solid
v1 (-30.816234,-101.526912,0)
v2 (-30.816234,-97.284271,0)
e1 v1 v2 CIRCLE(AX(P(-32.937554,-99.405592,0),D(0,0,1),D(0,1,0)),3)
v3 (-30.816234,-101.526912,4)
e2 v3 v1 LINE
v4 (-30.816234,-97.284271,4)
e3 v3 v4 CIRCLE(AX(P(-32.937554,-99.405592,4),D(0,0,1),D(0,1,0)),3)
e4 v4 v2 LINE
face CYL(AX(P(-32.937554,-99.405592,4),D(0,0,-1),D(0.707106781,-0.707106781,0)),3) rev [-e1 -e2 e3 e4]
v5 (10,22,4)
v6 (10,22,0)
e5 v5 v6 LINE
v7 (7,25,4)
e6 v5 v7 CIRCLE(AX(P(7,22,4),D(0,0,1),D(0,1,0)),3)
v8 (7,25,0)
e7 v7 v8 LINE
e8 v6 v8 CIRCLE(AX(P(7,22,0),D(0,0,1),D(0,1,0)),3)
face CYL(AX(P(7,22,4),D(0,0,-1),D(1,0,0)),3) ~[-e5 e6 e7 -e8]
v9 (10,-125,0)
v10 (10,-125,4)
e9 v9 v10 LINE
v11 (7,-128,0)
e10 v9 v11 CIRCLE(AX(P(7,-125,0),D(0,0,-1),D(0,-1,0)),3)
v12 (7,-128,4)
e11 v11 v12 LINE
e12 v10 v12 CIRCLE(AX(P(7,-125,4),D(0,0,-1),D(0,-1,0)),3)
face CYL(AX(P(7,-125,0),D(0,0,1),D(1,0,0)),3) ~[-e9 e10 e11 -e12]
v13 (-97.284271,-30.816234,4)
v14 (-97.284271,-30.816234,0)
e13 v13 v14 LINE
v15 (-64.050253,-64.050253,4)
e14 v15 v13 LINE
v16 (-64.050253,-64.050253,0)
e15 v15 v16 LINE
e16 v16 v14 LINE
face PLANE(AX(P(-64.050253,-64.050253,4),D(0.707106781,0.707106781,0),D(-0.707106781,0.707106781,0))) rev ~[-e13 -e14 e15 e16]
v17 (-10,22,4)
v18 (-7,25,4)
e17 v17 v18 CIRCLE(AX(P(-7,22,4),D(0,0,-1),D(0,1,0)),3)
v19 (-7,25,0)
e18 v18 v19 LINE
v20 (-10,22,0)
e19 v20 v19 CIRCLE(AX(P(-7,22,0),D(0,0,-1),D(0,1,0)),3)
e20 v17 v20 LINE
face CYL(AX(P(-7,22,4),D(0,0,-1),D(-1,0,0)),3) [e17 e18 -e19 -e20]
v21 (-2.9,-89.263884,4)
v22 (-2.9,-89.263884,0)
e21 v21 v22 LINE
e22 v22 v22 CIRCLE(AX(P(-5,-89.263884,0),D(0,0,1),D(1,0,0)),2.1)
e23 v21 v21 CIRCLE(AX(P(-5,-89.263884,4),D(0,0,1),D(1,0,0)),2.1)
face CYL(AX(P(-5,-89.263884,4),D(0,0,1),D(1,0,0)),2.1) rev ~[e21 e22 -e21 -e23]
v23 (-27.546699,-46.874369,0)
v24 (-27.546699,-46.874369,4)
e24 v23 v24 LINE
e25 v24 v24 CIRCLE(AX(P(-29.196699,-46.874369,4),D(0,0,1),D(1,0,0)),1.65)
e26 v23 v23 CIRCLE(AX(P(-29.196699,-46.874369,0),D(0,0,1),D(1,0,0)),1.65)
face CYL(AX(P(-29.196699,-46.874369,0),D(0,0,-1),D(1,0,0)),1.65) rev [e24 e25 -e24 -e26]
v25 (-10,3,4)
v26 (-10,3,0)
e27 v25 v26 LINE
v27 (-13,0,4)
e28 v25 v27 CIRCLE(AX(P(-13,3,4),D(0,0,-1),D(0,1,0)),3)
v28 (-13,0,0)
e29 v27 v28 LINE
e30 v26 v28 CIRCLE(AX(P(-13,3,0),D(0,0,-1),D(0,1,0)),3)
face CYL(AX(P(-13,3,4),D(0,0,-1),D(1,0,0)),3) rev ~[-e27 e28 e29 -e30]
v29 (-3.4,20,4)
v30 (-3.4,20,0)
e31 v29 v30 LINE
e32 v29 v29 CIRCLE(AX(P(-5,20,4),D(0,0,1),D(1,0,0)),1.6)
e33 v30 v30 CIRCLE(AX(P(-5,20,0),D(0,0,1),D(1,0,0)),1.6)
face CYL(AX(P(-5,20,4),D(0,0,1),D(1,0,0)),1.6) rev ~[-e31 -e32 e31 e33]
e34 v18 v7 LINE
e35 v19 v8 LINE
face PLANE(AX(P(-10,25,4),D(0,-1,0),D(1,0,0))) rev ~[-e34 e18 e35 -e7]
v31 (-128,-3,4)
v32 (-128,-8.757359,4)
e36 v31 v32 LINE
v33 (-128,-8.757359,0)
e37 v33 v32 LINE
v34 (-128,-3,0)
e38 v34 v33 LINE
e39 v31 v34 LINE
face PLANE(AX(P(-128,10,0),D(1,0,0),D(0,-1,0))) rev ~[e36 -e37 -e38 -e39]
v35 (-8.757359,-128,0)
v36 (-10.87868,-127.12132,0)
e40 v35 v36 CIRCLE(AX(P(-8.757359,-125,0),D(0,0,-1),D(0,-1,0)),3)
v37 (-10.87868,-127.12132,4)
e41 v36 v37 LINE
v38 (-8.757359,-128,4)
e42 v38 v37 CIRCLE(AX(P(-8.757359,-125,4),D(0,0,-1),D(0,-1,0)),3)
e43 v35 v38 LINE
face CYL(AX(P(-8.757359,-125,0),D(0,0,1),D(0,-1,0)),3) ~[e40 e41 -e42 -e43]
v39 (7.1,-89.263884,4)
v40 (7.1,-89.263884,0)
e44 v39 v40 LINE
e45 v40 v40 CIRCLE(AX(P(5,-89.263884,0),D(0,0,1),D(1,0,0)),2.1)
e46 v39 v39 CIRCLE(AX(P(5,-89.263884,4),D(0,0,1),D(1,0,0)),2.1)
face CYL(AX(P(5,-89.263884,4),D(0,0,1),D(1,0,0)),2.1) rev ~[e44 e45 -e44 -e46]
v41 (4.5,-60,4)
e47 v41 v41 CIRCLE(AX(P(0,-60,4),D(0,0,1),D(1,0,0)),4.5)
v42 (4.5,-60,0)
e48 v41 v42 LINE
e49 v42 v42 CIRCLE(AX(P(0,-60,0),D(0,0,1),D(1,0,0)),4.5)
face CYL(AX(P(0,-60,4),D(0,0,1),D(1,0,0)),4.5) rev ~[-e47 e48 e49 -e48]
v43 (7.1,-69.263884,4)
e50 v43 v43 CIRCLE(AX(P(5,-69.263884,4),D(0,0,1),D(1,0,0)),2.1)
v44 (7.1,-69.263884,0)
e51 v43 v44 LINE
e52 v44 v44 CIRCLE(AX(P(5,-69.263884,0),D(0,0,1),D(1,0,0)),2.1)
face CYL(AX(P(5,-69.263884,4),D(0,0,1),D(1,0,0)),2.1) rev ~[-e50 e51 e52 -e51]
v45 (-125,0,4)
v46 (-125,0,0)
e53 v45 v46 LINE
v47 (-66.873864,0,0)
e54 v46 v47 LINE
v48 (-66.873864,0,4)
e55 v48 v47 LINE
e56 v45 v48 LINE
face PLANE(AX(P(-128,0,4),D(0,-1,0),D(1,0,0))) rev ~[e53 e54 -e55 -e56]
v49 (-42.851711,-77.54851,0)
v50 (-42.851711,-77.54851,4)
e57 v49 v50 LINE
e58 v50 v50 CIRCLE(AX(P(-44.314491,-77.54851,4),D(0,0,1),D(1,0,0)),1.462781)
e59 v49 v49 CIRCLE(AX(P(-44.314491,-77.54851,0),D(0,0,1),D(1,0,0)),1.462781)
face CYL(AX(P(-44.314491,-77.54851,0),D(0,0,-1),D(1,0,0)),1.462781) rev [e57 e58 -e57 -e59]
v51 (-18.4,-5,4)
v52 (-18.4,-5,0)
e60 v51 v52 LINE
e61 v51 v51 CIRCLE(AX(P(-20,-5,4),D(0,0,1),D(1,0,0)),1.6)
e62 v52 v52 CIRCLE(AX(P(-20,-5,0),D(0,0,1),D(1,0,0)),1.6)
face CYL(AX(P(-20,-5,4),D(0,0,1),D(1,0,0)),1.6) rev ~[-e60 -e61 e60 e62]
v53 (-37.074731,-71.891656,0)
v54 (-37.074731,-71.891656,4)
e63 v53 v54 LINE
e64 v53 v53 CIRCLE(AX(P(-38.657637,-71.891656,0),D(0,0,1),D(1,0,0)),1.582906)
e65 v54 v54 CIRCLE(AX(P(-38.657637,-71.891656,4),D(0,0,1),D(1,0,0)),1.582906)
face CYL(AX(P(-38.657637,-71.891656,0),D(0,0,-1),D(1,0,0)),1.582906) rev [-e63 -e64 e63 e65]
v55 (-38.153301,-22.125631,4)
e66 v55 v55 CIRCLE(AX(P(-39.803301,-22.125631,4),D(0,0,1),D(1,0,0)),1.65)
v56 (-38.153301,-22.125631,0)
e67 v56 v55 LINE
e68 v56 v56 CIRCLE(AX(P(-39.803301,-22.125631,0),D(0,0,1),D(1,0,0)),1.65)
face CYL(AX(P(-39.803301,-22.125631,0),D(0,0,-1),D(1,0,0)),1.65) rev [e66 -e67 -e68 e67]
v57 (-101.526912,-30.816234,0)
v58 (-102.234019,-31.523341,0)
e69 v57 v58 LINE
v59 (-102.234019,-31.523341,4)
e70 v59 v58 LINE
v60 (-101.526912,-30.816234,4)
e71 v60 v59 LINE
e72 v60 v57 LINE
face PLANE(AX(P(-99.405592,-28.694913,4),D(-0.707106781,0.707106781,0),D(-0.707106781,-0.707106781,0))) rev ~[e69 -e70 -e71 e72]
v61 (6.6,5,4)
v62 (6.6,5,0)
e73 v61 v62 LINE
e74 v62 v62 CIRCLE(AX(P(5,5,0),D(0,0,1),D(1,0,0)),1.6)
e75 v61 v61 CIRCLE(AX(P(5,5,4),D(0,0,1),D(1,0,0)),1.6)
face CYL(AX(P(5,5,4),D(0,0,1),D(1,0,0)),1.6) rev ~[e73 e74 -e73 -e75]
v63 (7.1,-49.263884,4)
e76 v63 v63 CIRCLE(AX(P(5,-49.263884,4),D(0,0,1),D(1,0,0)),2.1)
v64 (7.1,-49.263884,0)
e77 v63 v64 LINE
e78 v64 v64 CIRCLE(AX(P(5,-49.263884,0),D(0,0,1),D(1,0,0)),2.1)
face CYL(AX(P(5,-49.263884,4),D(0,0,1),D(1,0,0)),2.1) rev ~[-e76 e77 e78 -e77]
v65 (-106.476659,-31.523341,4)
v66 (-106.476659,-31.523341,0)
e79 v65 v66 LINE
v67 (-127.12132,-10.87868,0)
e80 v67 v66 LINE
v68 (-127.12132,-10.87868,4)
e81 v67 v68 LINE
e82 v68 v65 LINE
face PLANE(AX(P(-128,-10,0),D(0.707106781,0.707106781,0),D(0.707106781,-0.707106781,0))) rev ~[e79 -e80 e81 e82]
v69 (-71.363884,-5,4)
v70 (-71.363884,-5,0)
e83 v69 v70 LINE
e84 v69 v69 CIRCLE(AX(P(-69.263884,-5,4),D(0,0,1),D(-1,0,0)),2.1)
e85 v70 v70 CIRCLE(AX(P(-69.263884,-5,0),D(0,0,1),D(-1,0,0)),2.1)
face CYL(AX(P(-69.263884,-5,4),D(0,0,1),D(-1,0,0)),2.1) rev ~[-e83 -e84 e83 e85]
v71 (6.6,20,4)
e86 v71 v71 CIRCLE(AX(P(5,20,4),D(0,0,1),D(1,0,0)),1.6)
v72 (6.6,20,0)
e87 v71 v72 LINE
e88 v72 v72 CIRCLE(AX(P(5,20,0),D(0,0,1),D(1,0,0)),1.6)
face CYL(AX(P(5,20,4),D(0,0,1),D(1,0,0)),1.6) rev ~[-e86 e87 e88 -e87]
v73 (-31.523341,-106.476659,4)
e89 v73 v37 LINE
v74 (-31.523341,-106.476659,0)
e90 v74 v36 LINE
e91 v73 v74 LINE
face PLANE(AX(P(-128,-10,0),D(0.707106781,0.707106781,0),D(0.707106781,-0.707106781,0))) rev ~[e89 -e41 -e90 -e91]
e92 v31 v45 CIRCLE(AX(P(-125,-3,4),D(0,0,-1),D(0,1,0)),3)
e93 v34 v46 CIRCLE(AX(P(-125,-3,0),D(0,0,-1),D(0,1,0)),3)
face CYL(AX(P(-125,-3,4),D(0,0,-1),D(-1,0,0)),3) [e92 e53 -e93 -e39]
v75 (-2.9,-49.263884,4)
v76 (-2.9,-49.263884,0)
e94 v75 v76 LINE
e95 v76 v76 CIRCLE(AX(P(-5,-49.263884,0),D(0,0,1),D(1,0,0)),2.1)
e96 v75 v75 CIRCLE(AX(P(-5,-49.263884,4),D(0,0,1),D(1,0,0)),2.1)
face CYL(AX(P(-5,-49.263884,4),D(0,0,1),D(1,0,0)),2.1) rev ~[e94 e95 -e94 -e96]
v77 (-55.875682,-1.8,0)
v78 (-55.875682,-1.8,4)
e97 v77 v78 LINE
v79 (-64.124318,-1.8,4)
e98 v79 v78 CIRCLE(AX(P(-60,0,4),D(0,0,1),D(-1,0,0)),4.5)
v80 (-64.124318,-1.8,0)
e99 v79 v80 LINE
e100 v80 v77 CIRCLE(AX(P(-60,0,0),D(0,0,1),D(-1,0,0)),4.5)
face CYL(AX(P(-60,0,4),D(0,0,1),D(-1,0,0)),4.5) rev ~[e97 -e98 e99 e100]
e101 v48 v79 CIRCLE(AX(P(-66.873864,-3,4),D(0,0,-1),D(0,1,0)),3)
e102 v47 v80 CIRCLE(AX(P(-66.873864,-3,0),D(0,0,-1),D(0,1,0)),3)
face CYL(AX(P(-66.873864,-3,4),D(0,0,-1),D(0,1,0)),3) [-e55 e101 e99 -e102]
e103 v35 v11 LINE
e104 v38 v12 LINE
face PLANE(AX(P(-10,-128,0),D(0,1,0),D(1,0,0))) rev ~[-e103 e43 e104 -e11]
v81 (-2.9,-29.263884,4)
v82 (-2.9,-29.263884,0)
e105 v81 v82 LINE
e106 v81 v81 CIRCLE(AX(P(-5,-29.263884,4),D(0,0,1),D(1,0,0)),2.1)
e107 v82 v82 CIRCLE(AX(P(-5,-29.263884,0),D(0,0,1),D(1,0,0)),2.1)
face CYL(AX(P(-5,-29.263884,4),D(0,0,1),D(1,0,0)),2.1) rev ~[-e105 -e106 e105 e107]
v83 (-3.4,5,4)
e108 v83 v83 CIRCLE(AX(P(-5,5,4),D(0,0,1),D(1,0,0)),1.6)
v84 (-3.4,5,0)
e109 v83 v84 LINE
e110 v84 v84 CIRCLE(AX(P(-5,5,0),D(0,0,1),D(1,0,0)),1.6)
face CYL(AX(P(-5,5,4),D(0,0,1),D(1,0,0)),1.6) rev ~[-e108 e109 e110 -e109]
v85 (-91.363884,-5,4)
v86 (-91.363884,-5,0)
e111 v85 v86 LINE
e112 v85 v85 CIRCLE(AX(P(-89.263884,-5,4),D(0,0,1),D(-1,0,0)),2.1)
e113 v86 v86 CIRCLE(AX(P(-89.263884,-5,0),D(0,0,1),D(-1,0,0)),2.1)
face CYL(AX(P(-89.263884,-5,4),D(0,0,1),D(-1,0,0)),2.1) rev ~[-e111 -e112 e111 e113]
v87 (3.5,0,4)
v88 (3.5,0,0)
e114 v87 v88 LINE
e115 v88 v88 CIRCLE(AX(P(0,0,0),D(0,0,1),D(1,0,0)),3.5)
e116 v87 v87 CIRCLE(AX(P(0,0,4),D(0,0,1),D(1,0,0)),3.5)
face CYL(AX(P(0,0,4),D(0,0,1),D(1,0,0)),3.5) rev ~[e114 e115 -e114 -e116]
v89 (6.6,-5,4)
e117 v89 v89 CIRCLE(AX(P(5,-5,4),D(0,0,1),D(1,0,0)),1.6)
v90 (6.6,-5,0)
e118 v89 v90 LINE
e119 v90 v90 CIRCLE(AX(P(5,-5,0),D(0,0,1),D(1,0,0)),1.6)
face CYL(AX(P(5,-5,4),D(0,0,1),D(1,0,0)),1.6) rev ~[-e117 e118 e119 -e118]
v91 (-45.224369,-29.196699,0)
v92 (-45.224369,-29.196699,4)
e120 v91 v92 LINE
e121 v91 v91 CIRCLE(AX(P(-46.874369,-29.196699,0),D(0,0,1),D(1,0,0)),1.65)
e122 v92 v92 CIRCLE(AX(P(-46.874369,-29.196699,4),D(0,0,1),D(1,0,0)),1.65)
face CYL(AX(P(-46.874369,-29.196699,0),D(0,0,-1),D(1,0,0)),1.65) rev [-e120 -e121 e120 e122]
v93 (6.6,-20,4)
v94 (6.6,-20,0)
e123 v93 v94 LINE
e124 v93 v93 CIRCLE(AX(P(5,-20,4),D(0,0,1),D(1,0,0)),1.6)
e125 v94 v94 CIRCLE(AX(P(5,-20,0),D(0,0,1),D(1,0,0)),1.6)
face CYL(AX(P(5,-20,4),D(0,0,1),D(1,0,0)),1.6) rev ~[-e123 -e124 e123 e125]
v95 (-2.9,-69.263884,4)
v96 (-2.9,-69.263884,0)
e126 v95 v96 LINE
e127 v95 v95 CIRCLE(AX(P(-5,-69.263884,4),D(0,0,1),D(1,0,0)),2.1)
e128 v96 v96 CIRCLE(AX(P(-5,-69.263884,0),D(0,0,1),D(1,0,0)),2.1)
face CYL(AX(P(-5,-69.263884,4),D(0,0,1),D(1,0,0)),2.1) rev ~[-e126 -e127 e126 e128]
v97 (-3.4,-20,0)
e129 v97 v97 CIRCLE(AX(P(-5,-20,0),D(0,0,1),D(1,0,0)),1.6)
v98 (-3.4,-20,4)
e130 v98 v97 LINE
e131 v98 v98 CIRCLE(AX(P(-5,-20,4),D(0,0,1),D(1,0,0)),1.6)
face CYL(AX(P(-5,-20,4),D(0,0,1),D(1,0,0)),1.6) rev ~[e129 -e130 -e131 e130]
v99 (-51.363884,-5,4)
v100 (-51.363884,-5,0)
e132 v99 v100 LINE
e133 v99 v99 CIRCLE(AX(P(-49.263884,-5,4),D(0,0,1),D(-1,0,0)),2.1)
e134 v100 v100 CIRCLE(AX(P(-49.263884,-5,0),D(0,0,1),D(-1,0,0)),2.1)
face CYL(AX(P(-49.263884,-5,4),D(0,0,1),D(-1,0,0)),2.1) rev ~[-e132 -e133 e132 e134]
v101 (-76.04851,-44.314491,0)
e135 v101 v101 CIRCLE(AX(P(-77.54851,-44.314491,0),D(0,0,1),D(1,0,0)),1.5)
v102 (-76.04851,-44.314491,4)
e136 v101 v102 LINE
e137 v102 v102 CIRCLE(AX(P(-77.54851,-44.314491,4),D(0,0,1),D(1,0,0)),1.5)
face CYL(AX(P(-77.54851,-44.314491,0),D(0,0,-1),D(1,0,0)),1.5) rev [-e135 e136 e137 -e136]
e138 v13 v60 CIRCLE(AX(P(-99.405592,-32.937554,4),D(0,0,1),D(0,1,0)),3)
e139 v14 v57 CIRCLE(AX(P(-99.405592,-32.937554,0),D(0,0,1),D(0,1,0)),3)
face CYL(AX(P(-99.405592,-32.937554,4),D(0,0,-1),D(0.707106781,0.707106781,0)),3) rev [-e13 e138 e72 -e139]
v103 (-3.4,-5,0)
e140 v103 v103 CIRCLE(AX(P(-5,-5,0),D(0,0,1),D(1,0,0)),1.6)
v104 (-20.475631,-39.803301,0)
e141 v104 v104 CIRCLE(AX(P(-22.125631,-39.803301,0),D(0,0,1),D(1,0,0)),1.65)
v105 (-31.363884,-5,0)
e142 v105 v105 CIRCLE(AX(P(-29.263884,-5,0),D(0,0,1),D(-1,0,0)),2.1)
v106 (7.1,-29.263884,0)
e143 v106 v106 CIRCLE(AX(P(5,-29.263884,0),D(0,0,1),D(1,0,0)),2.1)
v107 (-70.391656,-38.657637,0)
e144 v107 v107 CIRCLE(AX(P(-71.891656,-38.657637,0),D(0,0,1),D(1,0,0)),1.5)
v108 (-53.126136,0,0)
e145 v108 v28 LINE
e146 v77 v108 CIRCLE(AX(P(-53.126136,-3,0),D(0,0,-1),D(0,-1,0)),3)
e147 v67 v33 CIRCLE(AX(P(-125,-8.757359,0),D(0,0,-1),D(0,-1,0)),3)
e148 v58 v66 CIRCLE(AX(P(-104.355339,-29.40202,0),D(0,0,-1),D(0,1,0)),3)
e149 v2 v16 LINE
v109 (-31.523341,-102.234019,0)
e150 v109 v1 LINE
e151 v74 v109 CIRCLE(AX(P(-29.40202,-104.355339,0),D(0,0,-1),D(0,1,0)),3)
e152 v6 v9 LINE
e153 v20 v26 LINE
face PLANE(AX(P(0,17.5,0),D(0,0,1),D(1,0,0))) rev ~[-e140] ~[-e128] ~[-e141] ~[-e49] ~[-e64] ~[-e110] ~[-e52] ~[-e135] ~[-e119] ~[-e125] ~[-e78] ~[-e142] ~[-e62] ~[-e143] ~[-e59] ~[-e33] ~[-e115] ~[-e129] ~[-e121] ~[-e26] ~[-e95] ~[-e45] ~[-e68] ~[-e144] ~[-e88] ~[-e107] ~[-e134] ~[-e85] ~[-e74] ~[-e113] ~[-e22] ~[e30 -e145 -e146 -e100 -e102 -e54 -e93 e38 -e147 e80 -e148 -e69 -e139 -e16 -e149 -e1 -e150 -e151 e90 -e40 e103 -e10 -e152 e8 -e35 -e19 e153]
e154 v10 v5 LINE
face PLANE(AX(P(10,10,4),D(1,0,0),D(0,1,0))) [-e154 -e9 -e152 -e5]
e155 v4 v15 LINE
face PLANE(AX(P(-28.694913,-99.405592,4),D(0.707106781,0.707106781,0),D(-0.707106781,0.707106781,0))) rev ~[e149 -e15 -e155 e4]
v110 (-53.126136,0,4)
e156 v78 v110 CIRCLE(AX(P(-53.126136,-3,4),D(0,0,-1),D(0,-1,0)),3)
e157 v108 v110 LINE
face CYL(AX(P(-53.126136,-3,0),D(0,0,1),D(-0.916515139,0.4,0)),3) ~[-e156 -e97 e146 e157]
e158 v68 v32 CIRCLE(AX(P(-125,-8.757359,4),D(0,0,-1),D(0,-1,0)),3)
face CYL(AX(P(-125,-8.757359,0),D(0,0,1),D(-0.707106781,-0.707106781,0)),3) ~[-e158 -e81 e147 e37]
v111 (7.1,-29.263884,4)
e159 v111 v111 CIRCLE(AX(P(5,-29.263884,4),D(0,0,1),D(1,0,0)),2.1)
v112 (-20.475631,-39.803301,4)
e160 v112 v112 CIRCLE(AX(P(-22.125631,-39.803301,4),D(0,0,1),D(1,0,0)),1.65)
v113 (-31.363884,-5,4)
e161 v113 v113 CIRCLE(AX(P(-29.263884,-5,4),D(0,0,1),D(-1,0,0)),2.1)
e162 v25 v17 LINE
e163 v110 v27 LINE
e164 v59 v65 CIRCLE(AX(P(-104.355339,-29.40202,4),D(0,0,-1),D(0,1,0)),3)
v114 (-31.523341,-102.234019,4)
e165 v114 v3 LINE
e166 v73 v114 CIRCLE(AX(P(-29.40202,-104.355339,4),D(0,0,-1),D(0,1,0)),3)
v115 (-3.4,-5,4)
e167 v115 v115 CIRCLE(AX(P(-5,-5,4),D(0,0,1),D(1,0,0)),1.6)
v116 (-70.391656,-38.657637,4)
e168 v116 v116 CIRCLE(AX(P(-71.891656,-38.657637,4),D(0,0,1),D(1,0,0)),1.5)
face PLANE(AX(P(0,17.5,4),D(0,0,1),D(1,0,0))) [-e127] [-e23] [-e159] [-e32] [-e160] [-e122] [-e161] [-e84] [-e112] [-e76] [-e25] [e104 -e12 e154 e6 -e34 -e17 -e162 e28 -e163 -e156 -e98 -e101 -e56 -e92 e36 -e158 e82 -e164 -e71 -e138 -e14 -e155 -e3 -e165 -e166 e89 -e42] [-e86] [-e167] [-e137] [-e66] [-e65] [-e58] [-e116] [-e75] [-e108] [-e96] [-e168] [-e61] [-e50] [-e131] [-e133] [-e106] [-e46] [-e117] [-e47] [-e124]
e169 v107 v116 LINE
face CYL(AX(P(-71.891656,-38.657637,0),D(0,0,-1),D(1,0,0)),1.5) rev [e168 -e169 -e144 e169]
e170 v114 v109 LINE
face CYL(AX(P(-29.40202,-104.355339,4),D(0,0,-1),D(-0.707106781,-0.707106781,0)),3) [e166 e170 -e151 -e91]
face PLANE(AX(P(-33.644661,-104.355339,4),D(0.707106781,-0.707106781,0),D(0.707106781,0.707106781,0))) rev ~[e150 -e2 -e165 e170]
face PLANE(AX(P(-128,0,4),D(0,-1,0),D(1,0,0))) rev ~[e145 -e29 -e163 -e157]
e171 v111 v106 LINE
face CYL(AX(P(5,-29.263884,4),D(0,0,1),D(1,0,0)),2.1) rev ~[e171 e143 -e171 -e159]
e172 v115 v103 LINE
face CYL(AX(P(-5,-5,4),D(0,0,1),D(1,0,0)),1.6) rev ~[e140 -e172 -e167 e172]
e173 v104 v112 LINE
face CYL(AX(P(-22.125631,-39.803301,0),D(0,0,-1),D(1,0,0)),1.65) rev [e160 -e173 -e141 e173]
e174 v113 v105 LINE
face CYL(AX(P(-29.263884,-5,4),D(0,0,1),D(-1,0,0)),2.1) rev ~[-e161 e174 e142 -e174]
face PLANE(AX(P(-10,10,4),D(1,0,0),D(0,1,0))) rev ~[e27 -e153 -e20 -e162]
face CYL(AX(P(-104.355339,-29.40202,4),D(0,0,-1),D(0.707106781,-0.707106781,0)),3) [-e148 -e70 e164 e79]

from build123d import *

# Parameters (mm, degrees)
SKETCH_1_R          = 1.462780711
SKETCH_1_R_2        = 1.582906388
SKETCH_1_R_3        = 1.5
SKETCH_1_R_4        = 1.65
EXTRUDE_1_DEPTH     = 4
SKETCH_3_R          = 3.5
SKETCH_3_R_2        = 1.6
CUT_EXTRUDE_1_DEPTH = 4
SKETCH_4_R          = 4.5
SKETCH_4_R_2        = 2.1
CUT_EXTRUDE_2_DEPTH = 4
CUT_EXTRUDE_7_DEPTH = 4
SKETCH_12_W         = 118
SKETCH_12_H         = 10
CUT_EXTRUDE_8_DEPTH = 4
SKETCH_13_W         = 20
SKETCH_13_H         = 15
SKETCH_13_R         = 1.6
EXTRUDE_4_DEPTH     = 4
FILLET_4_R          = 3


with BuildPart() as part:
    # 草图1 → 凸台-拉伸1 (new body)
    with BuildSketch(Plane.XY):
        Polygon((-128, 10), (-128, -10), (-10, -128), (10, -128), (10, 10), align=None)
        with Locations((-44.314491387, -77.548510103)):
            Circle(SKETCH_1_R, mode=Mode.SUBTRACT)
        with Locations((-38.657637138, -71.891655854)):
            Circle(SKETCH_1_R_2, mode=Mode.SUBTRACT)
        with Locations((-77.548510103, -44.314491387)):
            Circle(SKETCH_1_R_3, mode=Mode.SUBTRACT)
        with Locations((-71.891655854, -38.657637138)):
            Circle(SKETCH_1_R_3, mode=Mode.SUBTRACT)
        with Locations((-29.196699141, -46.874368671)):
            Circle(SKETCH_1_R_4, mode=Mode.SUBTRACT)
        with Locations((-46.874368671, -29.196699141)):
            Circle(SKETCH_1_R_4, mode=Mode.SUBTRACT)
        with Locations((-22.125631329, -39.803300859)):
            Circle(SKETCH_1_R_4, mode=Mode.SUBTRACT)
        with Locations((-39.803300859, -22.125631329)):
            Circle(SKETCH_1_R_4, mode=Mode.SUBTRACT)
    extrude(amount=EXTRUDE_1_DEPTH)

    # 草图3 → 切除-拉伸1 (cut)
    with BuildSketch(Plane.XY.offset(4)):
        Circle(SKETCH_3_R)
        with Locations((5, 5)):
            Circle(SKETCH_3_R_2)
        with Locations((-5, 5)):
            Circle(SKETCH_3_R_2)
        with Locations((-5, -5)):
            Circle(SKETCH_3_R_2)
        with Locations((5, -5)):
            Circle(SKETCH_3_R_2)
        with Locations((-20, -5)):
            Circle(SKETCH_3_R_2)
        with Locations((-5, -20)):
            Circle(SKETCH_3_R_2)
        with Locations((5, -20)):
            Circle(SKETCH_3_R_2)
        with Locations((5, 20)):
            Circle(SKETCH_3_R_2)
        with Locations((-5, 20)):
            Circle(SKETCH_3_R_2)
        with Locations((20, -5)):
            Circle(SKETCH_3_R_2)
        with Locations((20, 5)):
            Circle(SKETCH_3_R_2)
        with Locations((-20, 5)):
            Circle(SKETCH_3_R_2)
    extrude(amount=-CUT_EXTRUDE_1_DEPTH, mode=Mode.SUBTRACT)

    # 草图4 → 切除-拉伸2 (cut)
    with BuildSketch(Plane.XY.offset(4)):
        with Locations((0, -60)):
            Circle(SKETCH_4_R)
        with Locations((-5, -29.263884189)):
            Circle(SKETCH_4_R_2)
        with Locations((5, -29.263884189)):
            Circle(SKETCH_4_R_2)
        with Locations((5, -49.263884189)):
            Circle(SKETCH_4_R_2)
        with Locations((5, -69.263884189)):
            Circle(SKETCH_4_R_2)
        with Locations((5, -89.263884189)):
            Circle(SKETCH_4_R_2)
        with Locations((-5, -49.263884189)):
            Circle(SKETCH_4_R_2)
        with Locations((-5, -69.263884189)):
            Circle(SKETCH_4_R_2)
        with Locations((-5, -89.263884189)):
            Circle(SKETCH_4_R_2)
        with Locations(Location((-89.263884189, -5, 0), (0, 0, 180))):
            Circle(SKETCH_4_R_2)
        with Locations(Location((-69.263884189, -5, 0), (0, 0, 180))):
            Circle(SKETCH_4_R_2)
        with Locations(Location((-49.263884189, -5, 0), (0, 0, 180))):
            Circle(SKETCH_4_R_2)
        with Locations(Location((-89.263884189, 5, 0), (0, 0, 180))):
            Circle(SKETCH_4_R_2)
        with Locations(Location((-69.263884189, 5, 0), (0, 0, 180))):
            Circle(SKETCH_4_R_2)
        with Locations(Location((-49.263884189, 5, 0), (0, 0, 180))):
            Circle(SKETCH_4_R_2)
        with Locations(Location((-29.263884189, 5, 0), (0, 0, 180))):
            Circle(SKETCH_4_R_2)
        with Locations(Location((-29.263884189, -5, 0), (0, 0, 180))):
            Circle(SKETCH_4_R_2)
        with Locations(Location((-60, 0, 0), (0, 0, 180))):
            Circle(SKETCH_4_R)
    extrude(amount=-CUT_EXTRUDE_2_DEPTH, mode=Mode.SUBTRACT)

    # 草图11 → 切除-拉伸7 (cut)
    with BuildSketch(Plane.XY.offset(4)):
        Polygon((-69, -69), (-64.050252532, -64.050252532), (-99.405591591, -28.694913472), (-104.355339059, -33.644660941), align=None)
        Polygon((-28.694913472, -99.405591591), (-64.050252532, -64.050252532), (-69, -69), (-33.644660941, -104.355339059), align=None)
    extrude(amount=-CUT_EXTRUDE_7_DEPTH, mode=Mode.SUBTRACT)

    # 草图12 → 切除-拉伸8 (cut)
    with BuildSketch(Plane.XY.offset(4)):
        with Locations((-69, 5)):
            Rectangle(SKETCH_12_W, SKETCH_12_H)
    extrude(amount=-CUT_EXTRUDE_8_DEPTH, mode=Mode.SUBTRACT)

    # 草图13 → 凸台-拉伸4 (add)
    with BuildSketch(Plane.XY.offset(4)):
        with Locations((0, 17.5)):
            Rectangle(SKETCH_13_W, SKETCH_13_H)
        with Locations((-5, 20)):
            Circle(SKETCH_13_R, mode=Mode.SUBTRACT)
        with Locations((5, 20)):
            Circle(SKETCH_13_R, mode=Mode.SUBTRACT)
    extrude(amount=-EXTRUDE_4_DEPTH)

    # 圆角4
    fillet_4_edges = [part.edges().sort_by_distance(p)[0] for p in [
        (-99.405591591, -28.694913472, 2),
        (-28.694913472, -99.405591591, 2),
        (-33.644660941, -104.355339059, 2),
        (-104.355339059, -33.644660941, 2),
        (-64.5, 0, 2),
        (-55.5, 0, 2),
        (-10, 0, 2),
        (-128, 0, 2),
        (10, -128, 2),
        (-10, -128, 2),
        (-128, -10, 2),
        (10, 25, 2),
        (-10, 25, 2),
    ]]
    fillet(fillet_4_edges, radius=FILLET_4_R)


solid = part.part
